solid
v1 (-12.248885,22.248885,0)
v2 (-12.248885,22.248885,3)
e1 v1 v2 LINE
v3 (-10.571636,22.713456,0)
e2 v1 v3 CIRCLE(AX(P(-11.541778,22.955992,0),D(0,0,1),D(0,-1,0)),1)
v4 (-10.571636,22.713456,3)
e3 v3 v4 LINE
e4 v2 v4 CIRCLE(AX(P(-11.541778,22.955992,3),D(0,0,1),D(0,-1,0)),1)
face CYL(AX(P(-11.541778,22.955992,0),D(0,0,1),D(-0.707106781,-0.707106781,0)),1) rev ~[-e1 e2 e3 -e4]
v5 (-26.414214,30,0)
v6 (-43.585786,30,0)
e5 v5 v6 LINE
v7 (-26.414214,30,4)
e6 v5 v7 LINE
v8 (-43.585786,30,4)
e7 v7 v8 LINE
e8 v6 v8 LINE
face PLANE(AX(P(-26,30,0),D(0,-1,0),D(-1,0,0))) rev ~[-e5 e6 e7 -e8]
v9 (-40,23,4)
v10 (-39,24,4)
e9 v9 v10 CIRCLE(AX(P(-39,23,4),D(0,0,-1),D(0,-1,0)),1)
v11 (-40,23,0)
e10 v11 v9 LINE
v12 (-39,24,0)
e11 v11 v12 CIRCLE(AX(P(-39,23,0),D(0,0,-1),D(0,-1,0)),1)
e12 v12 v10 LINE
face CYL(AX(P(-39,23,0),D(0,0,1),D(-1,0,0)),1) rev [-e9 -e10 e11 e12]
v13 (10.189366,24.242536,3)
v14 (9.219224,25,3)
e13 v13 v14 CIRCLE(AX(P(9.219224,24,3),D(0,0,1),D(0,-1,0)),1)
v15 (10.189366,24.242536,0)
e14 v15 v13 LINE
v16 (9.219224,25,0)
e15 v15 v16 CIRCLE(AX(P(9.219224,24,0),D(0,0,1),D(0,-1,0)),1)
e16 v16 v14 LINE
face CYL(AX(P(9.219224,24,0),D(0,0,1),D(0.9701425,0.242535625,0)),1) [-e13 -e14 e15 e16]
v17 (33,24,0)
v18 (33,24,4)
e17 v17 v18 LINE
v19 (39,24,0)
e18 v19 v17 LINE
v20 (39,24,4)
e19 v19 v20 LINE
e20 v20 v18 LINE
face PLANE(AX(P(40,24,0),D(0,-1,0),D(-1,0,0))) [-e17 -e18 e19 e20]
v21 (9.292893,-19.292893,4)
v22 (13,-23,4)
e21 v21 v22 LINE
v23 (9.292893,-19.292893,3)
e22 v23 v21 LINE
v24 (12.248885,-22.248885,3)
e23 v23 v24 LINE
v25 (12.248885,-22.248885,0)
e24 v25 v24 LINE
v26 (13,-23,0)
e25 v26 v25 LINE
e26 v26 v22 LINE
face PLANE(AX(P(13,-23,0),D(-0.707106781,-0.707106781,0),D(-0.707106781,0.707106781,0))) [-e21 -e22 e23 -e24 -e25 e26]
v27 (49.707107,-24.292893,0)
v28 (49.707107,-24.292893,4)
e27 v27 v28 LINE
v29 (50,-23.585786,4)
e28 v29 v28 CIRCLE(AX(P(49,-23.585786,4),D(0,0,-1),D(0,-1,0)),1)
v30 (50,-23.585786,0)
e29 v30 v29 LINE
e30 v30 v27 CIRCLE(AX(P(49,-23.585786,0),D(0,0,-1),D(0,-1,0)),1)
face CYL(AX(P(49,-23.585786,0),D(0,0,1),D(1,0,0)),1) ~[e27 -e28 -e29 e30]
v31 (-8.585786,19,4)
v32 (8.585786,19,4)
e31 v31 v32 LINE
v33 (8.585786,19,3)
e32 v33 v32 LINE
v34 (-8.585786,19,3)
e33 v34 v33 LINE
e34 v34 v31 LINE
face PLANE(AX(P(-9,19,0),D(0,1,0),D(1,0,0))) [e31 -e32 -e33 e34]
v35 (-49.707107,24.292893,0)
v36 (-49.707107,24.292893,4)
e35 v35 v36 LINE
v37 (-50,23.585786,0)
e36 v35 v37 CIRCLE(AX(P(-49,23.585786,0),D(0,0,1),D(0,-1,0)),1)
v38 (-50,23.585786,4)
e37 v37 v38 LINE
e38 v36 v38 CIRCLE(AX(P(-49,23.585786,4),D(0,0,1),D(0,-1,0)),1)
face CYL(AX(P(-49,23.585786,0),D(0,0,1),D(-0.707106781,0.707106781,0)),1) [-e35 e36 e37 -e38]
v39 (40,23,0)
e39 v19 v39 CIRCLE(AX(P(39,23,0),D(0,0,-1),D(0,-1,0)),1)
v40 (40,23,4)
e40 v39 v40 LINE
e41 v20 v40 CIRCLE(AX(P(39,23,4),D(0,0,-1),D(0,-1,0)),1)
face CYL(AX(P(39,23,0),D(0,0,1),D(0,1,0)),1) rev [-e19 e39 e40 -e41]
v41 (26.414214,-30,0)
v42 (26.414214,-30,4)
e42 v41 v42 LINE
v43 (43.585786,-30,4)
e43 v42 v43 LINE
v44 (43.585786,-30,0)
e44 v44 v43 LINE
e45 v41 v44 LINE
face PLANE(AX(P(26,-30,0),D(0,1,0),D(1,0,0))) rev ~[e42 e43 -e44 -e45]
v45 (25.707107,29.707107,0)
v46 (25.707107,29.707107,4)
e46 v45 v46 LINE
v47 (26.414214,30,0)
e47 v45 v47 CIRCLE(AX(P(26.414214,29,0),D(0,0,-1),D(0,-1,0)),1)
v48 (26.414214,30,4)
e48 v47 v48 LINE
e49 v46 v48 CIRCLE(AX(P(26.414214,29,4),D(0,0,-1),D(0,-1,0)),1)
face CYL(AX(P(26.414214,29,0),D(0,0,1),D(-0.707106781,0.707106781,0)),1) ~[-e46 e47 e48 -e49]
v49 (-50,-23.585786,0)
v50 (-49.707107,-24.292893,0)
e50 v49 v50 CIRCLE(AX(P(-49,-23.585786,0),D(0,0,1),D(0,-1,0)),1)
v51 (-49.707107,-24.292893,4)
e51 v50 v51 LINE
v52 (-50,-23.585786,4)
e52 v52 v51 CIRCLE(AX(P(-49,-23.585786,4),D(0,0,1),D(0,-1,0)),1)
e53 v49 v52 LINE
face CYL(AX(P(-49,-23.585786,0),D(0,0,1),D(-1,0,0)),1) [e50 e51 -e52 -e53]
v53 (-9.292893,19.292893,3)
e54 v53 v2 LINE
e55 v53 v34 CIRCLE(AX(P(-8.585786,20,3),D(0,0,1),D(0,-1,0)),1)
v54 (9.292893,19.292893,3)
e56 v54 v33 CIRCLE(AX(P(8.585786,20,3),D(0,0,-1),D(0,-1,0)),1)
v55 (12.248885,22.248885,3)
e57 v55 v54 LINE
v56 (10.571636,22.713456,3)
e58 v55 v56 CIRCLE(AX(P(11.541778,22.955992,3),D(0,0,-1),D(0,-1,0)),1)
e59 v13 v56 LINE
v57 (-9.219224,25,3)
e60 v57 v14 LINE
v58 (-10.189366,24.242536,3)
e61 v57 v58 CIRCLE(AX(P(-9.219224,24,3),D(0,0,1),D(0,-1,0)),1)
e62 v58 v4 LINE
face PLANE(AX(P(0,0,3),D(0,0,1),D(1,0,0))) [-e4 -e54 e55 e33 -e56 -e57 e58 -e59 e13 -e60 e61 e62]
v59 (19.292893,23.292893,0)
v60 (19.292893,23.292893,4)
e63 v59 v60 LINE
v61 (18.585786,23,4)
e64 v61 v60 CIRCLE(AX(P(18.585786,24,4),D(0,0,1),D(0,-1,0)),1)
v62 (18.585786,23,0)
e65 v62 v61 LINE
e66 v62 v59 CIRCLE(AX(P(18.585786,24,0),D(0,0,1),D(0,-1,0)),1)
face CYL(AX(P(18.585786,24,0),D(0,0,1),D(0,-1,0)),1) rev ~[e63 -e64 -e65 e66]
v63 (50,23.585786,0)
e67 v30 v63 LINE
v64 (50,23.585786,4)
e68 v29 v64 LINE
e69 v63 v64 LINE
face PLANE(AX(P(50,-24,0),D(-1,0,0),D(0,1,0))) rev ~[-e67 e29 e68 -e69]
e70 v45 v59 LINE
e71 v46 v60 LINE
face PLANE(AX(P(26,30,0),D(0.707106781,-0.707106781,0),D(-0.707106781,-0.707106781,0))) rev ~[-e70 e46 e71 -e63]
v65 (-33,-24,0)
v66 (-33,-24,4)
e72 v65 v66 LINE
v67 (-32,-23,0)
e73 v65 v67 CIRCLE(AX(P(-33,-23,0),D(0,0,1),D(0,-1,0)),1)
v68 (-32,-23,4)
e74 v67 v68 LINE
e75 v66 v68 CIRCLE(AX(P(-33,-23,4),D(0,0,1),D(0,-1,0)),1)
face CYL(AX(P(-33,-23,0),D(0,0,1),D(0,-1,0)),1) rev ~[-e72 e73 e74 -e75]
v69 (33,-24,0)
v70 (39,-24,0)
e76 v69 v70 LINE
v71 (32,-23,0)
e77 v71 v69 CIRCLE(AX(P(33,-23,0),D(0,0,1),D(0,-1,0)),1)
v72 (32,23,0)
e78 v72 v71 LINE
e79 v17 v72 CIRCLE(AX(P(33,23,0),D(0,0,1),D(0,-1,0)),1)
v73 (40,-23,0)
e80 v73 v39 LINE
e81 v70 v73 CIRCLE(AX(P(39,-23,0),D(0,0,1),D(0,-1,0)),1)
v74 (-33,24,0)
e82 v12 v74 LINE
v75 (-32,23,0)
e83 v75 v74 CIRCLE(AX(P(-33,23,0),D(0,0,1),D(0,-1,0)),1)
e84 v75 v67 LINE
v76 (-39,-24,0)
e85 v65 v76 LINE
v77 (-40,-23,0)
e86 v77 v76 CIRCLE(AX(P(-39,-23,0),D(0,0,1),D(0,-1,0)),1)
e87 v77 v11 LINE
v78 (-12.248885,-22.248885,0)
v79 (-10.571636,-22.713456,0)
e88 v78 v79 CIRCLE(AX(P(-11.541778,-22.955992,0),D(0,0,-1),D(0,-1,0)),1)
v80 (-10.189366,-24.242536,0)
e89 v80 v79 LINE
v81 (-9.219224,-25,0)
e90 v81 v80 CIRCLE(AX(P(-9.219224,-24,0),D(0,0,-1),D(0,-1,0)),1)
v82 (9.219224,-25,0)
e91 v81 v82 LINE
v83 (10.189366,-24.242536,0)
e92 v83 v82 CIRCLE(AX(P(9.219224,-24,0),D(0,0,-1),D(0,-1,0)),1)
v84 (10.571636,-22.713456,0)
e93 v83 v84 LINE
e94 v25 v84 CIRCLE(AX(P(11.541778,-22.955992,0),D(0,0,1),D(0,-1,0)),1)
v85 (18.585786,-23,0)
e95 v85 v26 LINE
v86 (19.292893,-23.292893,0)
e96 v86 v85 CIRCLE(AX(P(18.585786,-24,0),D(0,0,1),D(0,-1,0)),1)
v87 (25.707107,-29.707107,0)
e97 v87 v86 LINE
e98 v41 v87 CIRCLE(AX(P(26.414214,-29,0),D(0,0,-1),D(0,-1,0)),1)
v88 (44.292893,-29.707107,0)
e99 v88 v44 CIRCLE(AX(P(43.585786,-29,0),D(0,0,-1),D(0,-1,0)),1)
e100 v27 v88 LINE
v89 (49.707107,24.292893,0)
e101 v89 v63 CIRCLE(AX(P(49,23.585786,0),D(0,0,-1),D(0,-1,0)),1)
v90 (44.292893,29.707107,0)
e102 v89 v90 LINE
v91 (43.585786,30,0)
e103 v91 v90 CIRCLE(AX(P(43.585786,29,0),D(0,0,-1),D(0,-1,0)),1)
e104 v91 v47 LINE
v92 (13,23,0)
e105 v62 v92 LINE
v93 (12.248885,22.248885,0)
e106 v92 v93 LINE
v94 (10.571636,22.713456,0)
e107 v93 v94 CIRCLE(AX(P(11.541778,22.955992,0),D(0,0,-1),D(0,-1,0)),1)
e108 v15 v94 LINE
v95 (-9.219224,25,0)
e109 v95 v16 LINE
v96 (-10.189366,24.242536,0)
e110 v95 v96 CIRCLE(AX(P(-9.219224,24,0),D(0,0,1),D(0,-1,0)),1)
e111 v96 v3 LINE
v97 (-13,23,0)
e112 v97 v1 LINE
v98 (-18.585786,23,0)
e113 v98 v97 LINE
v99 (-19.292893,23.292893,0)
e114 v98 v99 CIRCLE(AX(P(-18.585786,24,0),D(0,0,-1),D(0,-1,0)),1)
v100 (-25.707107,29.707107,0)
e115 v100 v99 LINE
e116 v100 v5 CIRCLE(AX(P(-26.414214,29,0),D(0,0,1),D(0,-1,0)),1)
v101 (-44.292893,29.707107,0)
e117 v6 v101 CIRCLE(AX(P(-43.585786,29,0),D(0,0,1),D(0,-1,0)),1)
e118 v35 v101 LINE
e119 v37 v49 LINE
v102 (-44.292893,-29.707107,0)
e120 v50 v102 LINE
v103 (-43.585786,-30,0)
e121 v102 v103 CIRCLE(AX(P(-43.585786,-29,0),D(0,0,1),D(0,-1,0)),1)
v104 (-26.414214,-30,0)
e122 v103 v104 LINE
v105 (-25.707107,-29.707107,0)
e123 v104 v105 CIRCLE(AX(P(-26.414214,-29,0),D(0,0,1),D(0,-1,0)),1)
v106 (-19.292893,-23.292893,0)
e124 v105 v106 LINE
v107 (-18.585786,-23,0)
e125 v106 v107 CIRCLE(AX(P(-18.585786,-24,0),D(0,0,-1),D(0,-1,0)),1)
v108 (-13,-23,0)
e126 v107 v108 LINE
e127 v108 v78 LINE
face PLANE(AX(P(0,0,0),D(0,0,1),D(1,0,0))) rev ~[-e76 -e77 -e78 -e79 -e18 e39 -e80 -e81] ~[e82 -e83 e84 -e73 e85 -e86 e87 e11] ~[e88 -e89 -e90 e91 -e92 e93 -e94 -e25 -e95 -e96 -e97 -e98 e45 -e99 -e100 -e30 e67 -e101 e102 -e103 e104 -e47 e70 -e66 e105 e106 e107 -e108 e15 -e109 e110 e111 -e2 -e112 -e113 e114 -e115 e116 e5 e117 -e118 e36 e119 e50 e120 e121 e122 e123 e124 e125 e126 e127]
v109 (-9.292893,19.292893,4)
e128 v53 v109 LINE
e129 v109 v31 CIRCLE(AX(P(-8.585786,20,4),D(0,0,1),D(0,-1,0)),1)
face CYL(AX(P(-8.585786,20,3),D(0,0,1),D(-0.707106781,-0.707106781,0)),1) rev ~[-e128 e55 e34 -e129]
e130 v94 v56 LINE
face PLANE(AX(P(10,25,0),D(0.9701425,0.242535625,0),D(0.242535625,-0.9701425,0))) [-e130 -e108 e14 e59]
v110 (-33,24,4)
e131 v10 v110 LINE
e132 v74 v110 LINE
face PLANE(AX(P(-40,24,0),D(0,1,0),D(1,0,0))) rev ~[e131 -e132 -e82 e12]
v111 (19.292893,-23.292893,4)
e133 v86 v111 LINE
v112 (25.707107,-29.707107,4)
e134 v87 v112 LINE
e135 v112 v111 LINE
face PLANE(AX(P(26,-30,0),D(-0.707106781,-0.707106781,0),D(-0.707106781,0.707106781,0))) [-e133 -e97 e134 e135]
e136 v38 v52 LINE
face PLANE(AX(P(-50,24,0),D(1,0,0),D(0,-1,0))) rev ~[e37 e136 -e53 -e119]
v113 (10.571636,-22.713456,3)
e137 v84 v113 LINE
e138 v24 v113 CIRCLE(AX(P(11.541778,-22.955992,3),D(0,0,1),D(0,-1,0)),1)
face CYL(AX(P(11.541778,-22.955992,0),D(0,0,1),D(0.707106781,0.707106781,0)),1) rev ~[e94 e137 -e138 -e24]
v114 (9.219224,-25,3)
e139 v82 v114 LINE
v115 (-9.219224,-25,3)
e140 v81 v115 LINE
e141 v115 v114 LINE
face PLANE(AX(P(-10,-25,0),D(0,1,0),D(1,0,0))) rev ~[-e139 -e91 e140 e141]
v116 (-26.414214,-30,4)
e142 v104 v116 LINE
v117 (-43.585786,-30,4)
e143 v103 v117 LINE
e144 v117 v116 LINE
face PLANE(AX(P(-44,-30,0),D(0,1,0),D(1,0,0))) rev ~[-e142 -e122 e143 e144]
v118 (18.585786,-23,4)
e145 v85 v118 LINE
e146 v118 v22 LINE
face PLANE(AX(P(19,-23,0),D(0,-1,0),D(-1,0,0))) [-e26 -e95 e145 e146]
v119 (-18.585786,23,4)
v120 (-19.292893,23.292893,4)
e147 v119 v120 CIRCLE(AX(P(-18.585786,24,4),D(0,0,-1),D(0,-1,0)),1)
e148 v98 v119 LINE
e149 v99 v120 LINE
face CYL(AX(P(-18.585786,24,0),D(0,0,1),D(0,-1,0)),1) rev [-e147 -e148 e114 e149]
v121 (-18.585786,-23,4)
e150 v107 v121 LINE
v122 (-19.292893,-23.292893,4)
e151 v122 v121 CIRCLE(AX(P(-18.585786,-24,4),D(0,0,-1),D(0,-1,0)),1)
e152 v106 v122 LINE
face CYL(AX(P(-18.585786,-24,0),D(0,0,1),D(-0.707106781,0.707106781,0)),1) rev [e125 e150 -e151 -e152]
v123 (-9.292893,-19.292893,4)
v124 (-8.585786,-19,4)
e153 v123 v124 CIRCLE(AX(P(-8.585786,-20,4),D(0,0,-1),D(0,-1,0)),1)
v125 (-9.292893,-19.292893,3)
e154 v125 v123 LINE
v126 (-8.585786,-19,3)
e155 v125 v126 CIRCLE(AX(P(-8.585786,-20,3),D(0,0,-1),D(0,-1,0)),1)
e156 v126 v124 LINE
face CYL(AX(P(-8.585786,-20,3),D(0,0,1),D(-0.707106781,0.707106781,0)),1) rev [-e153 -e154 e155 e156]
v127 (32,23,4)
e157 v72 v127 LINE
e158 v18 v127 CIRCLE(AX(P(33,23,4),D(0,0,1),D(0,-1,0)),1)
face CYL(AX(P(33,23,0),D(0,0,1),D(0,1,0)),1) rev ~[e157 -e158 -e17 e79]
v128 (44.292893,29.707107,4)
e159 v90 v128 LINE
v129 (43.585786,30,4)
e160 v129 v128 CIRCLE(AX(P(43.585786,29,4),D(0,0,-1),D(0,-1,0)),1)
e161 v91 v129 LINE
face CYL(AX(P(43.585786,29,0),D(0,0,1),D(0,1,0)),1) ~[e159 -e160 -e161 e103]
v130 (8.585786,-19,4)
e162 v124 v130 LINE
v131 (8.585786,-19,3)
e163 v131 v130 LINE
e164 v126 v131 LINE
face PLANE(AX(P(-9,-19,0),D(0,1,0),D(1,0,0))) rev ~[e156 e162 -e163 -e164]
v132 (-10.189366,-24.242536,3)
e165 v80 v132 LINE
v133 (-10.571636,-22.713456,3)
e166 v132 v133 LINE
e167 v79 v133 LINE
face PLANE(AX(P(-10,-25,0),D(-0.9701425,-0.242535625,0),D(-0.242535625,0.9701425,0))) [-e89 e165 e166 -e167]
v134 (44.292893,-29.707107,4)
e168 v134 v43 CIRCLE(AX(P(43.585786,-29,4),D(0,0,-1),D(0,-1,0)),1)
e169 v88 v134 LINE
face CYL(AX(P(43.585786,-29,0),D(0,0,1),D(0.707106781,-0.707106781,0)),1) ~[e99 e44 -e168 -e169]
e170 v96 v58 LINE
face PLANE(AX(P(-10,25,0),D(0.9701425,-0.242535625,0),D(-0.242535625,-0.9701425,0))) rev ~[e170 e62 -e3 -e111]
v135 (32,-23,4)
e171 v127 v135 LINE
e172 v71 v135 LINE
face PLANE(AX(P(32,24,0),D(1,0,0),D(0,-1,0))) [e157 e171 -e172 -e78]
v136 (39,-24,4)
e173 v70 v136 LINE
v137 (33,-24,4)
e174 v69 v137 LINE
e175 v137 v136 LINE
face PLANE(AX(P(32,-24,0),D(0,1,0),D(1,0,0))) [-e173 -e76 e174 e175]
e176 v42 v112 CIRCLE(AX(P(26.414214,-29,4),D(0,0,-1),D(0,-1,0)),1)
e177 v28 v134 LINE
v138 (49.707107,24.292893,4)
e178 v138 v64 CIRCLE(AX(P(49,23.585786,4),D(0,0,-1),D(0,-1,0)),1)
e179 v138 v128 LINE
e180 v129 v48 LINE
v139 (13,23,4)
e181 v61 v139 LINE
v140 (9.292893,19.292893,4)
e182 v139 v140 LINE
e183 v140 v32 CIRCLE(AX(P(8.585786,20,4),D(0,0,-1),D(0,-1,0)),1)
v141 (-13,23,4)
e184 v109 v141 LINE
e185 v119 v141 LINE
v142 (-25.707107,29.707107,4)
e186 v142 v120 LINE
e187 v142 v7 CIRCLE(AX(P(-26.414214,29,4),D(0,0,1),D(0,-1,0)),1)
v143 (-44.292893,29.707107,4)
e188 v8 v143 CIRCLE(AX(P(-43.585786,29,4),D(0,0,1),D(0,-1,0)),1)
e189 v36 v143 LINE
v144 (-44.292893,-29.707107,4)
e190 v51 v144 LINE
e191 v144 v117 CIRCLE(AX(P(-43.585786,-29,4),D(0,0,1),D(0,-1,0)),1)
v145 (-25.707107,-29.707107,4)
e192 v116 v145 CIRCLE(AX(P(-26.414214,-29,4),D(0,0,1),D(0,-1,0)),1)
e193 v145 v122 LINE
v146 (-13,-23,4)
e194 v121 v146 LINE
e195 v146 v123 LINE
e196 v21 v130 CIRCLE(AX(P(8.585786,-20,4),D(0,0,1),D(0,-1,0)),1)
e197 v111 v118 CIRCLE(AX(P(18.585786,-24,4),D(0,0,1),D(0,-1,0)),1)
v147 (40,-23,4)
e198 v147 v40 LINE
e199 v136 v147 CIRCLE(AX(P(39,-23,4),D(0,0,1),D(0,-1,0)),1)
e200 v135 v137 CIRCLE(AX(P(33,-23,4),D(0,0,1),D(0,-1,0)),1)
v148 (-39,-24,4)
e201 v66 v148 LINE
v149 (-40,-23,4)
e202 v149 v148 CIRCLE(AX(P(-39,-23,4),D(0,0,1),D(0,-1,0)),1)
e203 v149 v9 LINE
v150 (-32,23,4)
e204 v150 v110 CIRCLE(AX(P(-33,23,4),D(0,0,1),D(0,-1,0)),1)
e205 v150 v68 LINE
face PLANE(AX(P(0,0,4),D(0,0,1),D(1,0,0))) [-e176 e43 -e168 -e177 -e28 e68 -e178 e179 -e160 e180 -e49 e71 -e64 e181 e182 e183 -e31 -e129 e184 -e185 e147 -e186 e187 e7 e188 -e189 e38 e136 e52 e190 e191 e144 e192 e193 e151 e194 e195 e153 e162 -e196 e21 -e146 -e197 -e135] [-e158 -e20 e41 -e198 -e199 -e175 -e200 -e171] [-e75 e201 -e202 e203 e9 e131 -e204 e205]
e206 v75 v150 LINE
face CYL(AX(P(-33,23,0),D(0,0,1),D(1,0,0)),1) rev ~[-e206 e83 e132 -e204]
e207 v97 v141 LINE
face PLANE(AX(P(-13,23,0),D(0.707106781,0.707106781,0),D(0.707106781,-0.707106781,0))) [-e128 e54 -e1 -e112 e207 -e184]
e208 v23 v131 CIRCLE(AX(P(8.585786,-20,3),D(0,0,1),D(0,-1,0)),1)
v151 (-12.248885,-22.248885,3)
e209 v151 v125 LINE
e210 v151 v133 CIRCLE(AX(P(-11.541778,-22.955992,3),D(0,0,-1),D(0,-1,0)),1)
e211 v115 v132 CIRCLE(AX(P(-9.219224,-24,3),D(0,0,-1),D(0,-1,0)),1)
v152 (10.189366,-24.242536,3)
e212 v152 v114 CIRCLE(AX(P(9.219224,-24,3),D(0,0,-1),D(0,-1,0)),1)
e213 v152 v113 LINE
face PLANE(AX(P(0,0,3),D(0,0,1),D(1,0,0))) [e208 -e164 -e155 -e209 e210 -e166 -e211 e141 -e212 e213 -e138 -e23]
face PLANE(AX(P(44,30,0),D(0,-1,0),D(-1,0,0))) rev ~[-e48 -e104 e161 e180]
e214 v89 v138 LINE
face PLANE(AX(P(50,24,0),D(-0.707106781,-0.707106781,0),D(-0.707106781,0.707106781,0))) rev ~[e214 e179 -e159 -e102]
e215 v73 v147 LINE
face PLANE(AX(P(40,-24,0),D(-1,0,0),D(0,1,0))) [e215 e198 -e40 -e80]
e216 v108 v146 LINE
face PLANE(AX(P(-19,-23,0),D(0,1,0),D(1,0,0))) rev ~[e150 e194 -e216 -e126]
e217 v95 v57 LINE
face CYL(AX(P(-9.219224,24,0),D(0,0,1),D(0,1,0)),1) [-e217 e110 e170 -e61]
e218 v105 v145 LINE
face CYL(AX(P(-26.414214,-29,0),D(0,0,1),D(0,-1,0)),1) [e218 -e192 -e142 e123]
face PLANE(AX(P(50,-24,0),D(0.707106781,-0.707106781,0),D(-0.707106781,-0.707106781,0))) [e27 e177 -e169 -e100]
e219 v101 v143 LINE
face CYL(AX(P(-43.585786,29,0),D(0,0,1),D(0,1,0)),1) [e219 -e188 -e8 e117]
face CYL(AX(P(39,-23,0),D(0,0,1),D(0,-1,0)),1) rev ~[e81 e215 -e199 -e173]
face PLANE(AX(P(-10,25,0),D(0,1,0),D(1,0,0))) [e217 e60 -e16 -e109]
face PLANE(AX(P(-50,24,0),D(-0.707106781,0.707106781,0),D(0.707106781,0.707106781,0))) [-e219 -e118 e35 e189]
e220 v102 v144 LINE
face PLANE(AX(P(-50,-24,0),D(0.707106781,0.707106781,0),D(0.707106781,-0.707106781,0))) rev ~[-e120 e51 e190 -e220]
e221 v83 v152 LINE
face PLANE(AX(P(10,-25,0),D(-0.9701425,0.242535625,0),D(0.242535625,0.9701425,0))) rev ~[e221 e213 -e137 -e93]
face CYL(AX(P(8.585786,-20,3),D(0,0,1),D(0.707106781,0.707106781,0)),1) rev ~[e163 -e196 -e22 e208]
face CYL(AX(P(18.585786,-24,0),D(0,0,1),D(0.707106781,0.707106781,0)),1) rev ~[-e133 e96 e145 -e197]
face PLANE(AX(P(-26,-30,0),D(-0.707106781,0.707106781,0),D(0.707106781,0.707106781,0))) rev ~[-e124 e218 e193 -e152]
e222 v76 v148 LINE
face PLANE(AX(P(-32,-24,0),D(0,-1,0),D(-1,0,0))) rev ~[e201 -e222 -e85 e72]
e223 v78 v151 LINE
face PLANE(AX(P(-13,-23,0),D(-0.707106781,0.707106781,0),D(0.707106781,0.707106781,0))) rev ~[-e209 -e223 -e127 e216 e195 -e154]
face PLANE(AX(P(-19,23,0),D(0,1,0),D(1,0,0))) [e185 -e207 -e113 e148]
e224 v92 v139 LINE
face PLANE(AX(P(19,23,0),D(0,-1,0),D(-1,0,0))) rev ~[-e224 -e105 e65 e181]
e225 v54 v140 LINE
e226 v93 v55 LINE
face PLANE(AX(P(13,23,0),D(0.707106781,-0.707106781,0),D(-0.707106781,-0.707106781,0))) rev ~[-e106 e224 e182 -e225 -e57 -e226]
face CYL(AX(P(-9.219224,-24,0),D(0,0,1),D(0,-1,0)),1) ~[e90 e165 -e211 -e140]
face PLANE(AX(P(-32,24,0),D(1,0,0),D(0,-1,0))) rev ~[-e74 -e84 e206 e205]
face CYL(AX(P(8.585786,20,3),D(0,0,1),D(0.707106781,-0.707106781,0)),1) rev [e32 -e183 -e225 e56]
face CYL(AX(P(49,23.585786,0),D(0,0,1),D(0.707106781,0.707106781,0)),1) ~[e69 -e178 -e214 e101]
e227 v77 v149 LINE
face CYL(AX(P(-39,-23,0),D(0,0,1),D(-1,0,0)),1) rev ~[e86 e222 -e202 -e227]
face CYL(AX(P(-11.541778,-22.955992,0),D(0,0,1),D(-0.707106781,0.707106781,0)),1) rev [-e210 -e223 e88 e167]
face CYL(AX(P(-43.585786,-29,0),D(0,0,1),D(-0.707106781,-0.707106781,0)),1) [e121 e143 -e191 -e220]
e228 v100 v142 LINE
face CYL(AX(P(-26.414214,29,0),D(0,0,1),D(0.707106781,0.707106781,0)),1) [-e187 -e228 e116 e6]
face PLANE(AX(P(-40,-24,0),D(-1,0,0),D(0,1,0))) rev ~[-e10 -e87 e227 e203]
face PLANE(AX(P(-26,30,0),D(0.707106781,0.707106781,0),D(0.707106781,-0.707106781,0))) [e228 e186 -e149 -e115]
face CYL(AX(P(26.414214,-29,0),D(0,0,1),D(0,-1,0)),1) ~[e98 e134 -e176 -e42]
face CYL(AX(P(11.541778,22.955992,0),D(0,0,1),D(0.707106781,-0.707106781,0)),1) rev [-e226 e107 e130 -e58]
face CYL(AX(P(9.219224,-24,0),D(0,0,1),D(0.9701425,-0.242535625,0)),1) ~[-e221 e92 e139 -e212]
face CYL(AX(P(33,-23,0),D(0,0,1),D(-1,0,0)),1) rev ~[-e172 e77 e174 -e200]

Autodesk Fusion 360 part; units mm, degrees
sketch "スケッチ1" plane through (0, 0, 0) normal (0, 0, 1) x (1, 0, 0)
  line L0 (50, 30) -> (-50, 30)
  line L1 (-50, 30) -> (-50, -30)
  line L2 (-50, -30) -> (50, -30)
  line L3 (50, -30) -> (50, 30)
  line L4 (50, 30) -> (-50, -30) construction
  line L5 (-50, 30) -> (50, -30) construction
  line L6 (-40, 24) -> (-32, 24)
  line L7 (-32, 24) -> (-32, -24)
  line L8 (-32, -24) -> (-40, -24)
  line L9 (-40, -24) -> (-40, 24)
  line L10 (-50, 0) -> (50, 0) construction
  line L11 (0, -30) -> (0, 30) construction
  line L12 (-50, 24) -> (-44, 30)
  line L13 (-26, 30) -> (-19, 23)
  line L14 (-19, 23) -> (-13, 23)
  line L15 (-13, 23) -> (-9, 19)
  line L16 (-50, -24) -> (-44, -30)
  line L17 (-26, -30) -> (-19, -23)
  line L18 (-19, -23) -> (-13, -23)
  line L19 (-13, -23) -> (-9, -19)
  line L20 (50, 24) -> (44, 30)
  line L21 (26, 30) -> (19, 23)
  line L22 (19, 23) -> (13, 23)
  line L23 (13, 23) -> (9, 19)
  line L24 (13, -23) -> (9, -19)
  line L25 (19, -23) -> (13, -23)
  line L26 (26, -30) -> (19, -23)
  line L27 (50, -24) -> (44, -30)
  line L28 (-9, 19) -> (9, 19)
  line L29 (-10, 25) -> (10, 25)
  line L30 (-10, 25) -> (-11, 21)
  line L31 (10, 25) -> (11, 21)
  line L32 (-10, -25) -> (-11, -21)
  line L33 (-10, -25) -> (10, -25)
  line L34 (10, -25) -> (11, -21)
  line L35 (-9, -19) -> (9, -19)
  line L36 (40, 24) -> (32, 24)
  line L37 (40, -24) -> (40, 24)
  line L38 (32, 24) -> (32, -24)
  line L39 (32, -24) -> (40, -24)
  dimension "d1" = 100
  dimension "d2" = 60
  dimension "d3" = 8
  dimension "d4" = 48
  dimension "d5" = 10
  dimension "d6" = 6
  dimension "d7" = 6
  dimension "d8" = 18
  dimension "d9" = 7
  dimension "d10" = 7
  dimension "d11" = 6
  dimension "d12" = 4
  dimension "d13" = 4
  dimension "d14" = 6
  dimension "d15" = 20
extrude "押し出し1" add sketch "スケッチ1" along normal blind 4 contours L0 L1 L2 L3 L12 L13 L14 L15 L16 L17 L18 L19 L20 L21 L22 L23 L24 L25 L26 L27 L28 L35
extrude "押し出し2" add sketch "スケッチ1" along normal blind 3 contours L15 L23 L28 L29 L30 L31 | L19 L24 L32 L33 L34 L35
fillet "フィレット1" radius 1 16 edges at (-11, -21, 1.5) (-9, -19, 3.5) (11, -21, 1.5) (9, -19, 3.5) (11, 21, 1.5) (9, 19, 3.5) (-9, 19, 3.5) (-11, 21, 1.5) (32, -24, 2) (40, -24, 2) (-40, 24, 2) (-32, 24, 2) (40, 24, 2) (32, 24, 2) (-32, -24, 2) (-40, -24, 2)
fillet "フィレット2" radius 1 4 edges at (-19, -23, 2) (19, -23, 2) (19, 23, 2) (-19, 23, 2)
fillet "フィレット3" radius 1 12 edges at (-26, 30, 2) (-44, 30, 2) (-50, 24, 2) (-50, -24, 2) (-44, -30, 2) (-26, -30, 2) (26, -30, 2) (44, -30, 2) (50, -24, 2) (26, 30, 2) (44, 30, 2) (50, 24, 2)
fillet "フィレット4" radius 1 4 edges at (10, -25, 1.5) (-10, -25, 1.5) (-10, 25, 1.5) (10, 25, 1.5)
equation "d7 = d6"
